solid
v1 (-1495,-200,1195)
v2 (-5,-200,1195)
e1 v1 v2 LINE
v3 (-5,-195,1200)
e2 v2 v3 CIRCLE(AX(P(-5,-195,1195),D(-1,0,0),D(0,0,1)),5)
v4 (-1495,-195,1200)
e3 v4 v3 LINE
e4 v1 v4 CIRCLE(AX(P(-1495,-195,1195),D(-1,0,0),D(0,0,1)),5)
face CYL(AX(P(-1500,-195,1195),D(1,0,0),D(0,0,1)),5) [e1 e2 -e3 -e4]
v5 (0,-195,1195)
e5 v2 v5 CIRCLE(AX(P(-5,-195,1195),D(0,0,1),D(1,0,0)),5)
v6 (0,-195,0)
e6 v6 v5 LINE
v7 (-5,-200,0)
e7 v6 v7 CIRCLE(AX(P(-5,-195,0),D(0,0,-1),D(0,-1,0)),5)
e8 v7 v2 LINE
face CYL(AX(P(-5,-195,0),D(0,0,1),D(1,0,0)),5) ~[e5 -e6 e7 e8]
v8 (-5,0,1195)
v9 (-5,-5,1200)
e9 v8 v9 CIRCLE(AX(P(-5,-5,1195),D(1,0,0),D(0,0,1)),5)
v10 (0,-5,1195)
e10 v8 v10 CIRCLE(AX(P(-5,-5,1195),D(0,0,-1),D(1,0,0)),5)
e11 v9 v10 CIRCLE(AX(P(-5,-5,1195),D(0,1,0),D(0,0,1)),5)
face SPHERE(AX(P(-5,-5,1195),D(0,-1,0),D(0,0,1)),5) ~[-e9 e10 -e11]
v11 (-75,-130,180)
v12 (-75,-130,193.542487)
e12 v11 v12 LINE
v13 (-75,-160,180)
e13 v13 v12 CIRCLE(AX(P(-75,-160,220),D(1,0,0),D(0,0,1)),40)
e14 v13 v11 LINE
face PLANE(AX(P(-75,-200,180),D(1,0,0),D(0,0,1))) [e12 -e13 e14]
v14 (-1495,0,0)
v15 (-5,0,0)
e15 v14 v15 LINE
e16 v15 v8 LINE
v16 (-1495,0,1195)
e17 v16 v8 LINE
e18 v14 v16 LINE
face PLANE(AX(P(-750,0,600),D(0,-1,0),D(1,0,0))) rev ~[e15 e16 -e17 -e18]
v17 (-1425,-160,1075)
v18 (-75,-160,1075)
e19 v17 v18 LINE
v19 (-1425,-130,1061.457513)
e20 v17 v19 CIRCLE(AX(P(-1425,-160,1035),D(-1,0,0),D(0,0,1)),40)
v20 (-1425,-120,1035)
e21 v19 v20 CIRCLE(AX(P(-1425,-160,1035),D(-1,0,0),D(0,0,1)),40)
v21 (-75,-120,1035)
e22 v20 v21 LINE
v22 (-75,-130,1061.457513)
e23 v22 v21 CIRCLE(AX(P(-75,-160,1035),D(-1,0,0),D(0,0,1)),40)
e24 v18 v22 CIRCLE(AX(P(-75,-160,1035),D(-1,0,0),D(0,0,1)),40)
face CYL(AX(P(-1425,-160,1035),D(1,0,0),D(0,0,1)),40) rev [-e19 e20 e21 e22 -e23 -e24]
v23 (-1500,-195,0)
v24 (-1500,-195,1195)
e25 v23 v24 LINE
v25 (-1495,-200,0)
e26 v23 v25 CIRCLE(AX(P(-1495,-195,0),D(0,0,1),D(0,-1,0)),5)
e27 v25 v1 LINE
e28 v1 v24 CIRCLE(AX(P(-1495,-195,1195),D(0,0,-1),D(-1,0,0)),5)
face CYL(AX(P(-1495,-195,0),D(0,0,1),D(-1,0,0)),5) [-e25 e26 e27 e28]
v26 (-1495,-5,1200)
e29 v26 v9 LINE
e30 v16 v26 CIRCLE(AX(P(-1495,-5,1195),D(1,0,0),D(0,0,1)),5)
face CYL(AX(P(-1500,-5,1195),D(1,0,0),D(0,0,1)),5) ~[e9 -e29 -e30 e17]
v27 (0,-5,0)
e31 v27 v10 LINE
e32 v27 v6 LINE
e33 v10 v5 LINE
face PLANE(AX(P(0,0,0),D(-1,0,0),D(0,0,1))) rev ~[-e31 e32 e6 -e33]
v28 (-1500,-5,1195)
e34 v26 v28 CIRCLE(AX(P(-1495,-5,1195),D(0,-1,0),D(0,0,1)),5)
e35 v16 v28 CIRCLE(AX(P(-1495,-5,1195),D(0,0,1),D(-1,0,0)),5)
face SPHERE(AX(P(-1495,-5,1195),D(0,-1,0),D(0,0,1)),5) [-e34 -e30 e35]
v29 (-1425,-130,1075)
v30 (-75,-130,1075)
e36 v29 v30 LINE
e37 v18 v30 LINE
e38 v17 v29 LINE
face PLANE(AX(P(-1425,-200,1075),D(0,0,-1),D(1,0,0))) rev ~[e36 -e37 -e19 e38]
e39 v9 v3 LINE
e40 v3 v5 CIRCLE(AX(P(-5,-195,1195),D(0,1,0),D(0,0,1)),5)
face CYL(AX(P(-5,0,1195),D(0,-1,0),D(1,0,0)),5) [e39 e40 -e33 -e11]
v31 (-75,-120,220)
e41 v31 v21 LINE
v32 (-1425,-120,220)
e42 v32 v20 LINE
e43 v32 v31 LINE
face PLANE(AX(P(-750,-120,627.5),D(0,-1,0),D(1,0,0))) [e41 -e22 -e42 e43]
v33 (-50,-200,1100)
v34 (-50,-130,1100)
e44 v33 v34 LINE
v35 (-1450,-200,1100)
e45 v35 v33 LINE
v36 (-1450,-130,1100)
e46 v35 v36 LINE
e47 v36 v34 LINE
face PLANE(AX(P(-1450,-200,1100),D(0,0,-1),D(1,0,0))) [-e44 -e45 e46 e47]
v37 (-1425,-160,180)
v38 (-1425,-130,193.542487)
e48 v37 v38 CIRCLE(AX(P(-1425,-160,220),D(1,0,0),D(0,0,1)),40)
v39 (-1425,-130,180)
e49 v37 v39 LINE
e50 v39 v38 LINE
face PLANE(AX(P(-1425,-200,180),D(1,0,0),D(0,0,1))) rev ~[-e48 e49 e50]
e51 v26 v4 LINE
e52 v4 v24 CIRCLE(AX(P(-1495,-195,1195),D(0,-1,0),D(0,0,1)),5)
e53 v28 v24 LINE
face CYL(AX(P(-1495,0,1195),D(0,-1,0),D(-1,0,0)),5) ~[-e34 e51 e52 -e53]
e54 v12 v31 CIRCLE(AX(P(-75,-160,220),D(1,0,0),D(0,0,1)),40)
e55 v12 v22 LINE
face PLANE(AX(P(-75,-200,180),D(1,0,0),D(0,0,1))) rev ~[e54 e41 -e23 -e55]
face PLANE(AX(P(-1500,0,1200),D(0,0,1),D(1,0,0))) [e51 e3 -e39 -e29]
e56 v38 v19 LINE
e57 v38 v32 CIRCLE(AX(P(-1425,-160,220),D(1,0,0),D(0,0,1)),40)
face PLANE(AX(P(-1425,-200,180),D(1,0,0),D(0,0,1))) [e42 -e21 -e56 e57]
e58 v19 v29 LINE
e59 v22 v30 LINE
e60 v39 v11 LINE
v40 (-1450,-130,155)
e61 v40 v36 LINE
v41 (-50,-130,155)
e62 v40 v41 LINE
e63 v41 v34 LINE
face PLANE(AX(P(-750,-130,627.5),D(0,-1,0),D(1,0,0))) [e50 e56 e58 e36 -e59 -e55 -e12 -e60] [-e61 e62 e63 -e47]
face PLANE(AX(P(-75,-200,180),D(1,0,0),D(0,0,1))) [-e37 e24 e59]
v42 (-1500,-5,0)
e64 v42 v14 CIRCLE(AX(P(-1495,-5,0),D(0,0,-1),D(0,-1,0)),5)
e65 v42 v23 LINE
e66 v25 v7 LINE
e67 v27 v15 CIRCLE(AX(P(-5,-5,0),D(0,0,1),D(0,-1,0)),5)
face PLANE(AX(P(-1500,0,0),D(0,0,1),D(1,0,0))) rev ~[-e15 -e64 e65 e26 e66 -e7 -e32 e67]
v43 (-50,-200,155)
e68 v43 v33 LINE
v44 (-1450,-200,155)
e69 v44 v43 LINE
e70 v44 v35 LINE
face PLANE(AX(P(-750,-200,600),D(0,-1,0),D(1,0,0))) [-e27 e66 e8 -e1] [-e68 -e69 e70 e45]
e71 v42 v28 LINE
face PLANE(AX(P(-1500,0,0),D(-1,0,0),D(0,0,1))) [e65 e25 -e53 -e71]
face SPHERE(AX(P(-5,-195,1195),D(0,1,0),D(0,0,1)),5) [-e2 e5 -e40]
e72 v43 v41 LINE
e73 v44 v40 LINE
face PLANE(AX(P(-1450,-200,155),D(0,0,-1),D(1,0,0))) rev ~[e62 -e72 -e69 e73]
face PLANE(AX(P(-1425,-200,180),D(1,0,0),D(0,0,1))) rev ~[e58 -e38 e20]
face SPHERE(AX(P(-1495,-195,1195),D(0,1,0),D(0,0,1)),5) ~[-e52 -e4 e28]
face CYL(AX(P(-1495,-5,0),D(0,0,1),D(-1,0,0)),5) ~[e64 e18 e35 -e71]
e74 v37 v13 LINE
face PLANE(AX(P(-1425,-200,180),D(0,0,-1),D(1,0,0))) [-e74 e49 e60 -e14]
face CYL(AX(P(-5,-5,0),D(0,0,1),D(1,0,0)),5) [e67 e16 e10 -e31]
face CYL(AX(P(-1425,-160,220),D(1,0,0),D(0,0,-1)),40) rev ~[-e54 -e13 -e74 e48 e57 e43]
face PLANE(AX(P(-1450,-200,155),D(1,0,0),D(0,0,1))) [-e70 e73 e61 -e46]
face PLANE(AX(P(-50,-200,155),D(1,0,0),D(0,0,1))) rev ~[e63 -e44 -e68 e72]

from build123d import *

# Parameters (mm, degrees)
F0_W     = 1500
F0_H     = 1200
F1_DEPTH = 200
F2_R     = 5
F3_W     = 1350
F3_H     = 895
F4_DEPTH = 80
F5_R     = 40
F6_W     = 1400
F6_H     = 945
F6_W_2   = 1350
F6_H_2   = 895
F7_DEPTH = 70


with BuildPart() as f1:
    # F0 (on Front) → F1 (new body)
    with BuildSketch(Plane.XZ):
        with Locations((-750, 600)):
            Rectangle(F0_W, F0_H)
    extrude(amount=F1_DEPTH)

    # F2
    f2_edges = [f1.edges().sort_by_distance(p)[0] for p in [
        (-1500, -100, 1200),
        (0, -100, 1200),
        (-750, 0, 1200),
        (-750, -200, 1200),
        (-1500, -200, 600),
        (-1500, 0, 600),
        (0, -200, 600),
        (0, 0, 600),
    ]]
    fillet(f2_edges, radius=F2_R)

    # F3 (on face) → F4 (cut)
    with BuildSketch(Plane.XZ.offset(200)):
        with Locations((-750, 627.5)):
            Rectangle(F3_W, F3_H)
    extrude(amount=-F4_DEPTH, mode=Mode.SUBTRACT)

    # F5
    f5_edges = [f1.edges().sort_by_distance(p)[0] for p in [
        (-750, -120, 180),
        (-750, -120, 1075),
    ]]
    fillet(f5_edges, radius=F5_R)

    # F6 (on face) → F7 (cut)
    with BuildSketch(Plane.XZ.offset(200)):
        with Locations((-750, 627.5)):
            Rectangle(F6_W, F6_H)
        with Locations((-750, 627.5)):
            Rectangle(F6_W_2, F6_H_2, mode=Mode.SUBTRACT)
    extrude(amount=-F7_DEPTH, mode=Mode.SUBTRACT)


solid = f1.part
